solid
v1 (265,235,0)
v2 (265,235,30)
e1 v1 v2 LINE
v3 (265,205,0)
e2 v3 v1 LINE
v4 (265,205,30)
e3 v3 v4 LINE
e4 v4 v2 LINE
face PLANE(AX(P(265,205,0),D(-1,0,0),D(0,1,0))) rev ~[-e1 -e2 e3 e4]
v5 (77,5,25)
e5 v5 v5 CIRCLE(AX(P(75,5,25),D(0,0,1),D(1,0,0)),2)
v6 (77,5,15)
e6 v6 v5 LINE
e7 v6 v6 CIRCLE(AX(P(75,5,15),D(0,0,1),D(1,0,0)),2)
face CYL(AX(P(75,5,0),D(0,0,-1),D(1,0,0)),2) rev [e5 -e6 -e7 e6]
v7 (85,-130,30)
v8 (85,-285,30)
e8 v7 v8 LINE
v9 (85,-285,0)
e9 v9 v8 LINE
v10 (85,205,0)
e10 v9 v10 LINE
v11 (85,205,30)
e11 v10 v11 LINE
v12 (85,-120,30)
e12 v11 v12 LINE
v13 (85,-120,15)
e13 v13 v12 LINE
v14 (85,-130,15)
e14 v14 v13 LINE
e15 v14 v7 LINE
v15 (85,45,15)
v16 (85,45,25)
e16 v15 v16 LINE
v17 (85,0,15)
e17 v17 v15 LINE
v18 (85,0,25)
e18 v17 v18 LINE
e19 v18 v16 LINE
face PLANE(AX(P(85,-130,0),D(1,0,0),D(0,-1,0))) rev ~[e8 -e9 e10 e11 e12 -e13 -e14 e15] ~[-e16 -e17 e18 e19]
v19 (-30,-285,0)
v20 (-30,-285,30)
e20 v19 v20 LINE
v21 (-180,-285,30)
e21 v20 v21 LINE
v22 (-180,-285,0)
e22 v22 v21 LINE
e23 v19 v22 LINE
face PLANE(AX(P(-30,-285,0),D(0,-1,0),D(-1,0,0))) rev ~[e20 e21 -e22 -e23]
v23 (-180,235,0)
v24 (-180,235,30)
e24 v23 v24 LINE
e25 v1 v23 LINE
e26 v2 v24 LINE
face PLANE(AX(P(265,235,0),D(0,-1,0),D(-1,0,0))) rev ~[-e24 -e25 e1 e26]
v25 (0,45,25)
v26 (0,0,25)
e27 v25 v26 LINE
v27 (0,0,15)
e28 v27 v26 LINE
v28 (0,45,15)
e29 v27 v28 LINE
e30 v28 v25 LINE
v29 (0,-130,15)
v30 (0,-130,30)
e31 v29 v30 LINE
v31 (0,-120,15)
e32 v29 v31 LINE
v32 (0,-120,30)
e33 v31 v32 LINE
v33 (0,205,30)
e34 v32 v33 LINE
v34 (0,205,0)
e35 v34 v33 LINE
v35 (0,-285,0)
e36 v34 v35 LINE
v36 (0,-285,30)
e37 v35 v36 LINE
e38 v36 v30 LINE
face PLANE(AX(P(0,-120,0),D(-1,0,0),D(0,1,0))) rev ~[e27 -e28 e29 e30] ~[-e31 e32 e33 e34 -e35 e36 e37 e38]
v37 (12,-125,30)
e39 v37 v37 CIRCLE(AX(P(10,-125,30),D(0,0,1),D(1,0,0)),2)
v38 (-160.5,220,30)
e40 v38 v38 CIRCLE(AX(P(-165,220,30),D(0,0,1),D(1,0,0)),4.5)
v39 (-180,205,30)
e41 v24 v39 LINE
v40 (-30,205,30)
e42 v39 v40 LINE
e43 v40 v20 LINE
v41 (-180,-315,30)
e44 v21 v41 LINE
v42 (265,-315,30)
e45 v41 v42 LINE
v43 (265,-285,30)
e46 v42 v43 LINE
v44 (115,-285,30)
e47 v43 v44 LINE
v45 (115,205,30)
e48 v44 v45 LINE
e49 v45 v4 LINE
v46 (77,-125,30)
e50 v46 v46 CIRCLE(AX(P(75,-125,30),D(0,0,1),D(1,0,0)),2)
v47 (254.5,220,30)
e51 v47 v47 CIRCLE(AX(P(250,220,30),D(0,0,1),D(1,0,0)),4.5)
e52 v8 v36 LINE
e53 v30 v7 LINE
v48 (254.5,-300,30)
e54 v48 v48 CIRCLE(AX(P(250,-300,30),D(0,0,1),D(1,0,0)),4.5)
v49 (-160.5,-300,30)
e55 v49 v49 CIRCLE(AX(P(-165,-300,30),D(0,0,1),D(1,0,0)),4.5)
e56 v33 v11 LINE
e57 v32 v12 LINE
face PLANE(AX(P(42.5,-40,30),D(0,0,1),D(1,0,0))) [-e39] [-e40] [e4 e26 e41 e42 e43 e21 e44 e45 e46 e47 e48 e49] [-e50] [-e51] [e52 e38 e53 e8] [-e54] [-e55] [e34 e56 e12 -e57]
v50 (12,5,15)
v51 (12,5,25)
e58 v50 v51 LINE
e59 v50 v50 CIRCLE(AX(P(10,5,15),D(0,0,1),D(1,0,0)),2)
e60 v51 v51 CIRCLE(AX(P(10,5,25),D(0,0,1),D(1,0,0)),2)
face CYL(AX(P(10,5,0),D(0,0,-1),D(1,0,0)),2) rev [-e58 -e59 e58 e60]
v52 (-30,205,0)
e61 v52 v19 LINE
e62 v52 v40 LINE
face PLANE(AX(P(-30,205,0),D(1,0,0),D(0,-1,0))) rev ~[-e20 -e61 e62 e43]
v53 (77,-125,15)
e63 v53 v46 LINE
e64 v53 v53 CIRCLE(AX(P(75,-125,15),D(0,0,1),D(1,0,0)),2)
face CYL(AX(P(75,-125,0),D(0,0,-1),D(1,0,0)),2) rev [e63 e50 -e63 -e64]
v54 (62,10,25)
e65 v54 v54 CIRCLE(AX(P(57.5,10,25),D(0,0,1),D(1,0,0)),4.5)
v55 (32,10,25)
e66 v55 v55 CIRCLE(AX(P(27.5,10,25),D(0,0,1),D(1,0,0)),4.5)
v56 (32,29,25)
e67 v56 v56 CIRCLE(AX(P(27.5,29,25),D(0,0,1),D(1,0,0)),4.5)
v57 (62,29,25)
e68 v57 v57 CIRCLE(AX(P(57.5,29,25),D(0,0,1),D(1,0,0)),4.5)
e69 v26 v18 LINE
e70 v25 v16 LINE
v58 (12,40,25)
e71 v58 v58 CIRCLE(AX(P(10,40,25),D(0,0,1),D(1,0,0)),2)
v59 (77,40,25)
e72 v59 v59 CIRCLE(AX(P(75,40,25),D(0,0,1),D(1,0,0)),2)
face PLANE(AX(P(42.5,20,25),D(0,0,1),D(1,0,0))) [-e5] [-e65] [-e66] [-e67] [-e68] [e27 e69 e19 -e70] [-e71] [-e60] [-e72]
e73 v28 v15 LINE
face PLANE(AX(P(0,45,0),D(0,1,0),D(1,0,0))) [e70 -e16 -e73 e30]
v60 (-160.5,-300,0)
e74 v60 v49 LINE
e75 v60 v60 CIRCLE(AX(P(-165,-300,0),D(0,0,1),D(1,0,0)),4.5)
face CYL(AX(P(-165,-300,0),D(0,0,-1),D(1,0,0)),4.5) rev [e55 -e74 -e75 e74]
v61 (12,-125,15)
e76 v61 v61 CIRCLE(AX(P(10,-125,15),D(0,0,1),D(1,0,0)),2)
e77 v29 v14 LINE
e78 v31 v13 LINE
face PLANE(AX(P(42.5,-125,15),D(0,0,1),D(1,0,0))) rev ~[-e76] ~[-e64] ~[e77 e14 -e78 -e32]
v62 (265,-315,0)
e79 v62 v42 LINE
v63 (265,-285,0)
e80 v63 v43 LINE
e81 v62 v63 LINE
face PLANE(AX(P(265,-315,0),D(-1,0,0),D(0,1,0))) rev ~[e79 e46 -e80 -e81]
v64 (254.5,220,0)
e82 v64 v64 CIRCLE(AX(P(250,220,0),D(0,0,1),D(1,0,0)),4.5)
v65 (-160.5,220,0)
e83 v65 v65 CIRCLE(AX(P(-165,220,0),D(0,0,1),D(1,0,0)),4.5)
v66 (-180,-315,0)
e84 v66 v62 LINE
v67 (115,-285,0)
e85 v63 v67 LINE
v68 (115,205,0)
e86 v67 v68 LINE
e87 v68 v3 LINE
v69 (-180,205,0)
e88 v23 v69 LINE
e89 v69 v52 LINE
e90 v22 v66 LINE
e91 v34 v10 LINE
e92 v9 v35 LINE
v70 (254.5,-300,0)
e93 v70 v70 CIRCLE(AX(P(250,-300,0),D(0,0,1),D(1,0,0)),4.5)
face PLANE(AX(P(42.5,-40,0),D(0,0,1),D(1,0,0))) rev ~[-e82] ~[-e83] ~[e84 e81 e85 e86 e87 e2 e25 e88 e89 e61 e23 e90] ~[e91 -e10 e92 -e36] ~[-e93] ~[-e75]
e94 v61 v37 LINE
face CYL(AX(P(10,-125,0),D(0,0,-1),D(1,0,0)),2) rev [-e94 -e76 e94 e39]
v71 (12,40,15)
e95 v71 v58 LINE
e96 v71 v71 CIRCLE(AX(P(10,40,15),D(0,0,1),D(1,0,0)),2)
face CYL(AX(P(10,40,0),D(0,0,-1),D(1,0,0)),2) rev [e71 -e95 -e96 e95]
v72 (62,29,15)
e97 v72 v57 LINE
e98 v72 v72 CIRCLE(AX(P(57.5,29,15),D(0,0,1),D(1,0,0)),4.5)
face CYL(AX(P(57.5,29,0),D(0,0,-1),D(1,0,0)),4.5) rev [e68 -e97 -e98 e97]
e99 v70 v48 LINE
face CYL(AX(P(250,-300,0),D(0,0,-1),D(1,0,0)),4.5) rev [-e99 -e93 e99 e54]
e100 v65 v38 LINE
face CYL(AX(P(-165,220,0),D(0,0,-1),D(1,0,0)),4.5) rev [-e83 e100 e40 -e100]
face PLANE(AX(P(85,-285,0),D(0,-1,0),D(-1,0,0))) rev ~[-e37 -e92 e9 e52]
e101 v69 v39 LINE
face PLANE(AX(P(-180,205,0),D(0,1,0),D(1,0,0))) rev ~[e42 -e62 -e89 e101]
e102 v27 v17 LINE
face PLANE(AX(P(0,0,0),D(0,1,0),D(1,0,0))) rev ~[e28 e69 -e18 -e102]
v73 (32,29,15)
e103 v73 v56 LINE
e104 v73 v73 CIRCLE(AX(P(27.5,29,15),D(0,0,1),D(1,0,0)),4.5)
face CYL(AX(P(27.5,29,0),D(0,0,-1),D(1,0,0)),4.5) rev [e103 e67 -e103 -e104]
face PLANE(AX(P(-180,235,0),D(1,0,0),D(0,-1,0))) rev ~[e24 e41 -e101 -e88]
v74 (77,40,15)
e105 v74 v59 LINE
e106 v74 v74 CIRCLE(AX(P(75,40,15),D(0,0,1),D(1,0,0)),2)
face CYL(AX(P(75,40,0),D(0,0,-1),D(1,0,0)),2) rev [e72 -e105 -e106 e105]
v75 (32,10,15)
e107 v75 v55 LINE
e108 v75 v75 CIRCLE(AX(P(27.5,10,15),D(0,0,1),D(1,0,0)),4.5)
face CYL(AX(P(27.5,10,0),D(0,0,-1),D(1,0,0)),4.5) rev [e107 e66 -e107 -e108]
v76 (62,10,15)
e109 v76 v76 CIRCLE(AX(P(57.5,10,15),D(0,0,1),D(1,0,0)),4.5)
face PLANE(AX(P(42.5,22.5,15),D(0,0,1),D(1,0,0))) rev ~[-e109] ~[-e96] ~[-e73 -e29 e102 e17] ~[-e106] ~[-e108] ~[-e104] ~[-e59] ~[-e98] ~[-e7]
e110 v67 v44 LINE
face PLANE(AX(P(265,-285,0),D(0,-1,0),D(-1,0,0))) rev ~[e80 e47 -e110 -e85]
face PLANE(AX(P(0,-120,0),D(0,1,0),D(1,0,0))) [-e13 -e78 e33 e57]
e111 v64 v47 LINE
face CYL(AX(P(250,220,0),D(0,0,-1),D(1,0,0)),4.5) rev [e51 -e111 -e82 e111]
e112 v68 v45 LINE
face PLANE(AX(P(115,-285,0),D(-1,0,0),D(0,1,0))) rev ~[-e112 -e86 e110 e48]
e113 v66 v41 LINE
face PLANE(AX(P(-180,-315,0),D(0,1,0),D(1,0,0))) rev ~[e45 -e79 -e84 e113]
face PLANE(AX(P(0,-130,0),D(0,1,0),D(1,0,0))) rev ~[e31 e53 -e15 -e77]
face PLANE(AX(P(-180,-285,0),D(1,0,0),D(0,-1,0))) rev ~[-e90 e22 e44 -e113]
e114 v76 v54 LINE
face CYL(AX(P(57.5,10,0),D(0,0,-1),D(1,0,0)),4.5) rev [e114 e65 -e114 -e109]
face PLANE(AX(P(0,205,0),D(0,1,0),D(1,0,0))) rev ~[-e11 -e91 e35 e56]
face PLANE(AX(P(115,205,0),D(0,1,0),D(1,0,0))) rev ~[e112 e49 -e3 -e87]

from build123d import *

# Parameters (mm, degrees)
F0_R     = 4.5
F0_W     = 85
F0_H     = 160
F0_H_2   = 10
F0_R_2   = 2
F1_DEPTH = 30
F2_W     = 85
F2_H     = 40
F2_R     = 4.5
F2_H_2   = 5
F3_DEPTH = 5
F4_W     = 85
F4_H     = 45
F4_R     = 2
F4_R_2   = 6
F5_DEPTH = 15
F4_R_3   = 4.5
F6_DEPTH = 15
F7_DEPTH = 25


with BuildPart() as f1:
    # F0 (on Top) → F1 (new body)
    with BuildSketch(Plane.XY):
        Polygon((115, -285), (115, 205), (265, 205), (265, 235), (-180, 235), (-180, 205), (-30, 205), (-30, -285), (-180, -285), (-180, -315), (265, -315), (265, -285), align=None)
        with Locations((-165, -300)):
            Circle(F0_R, mode=Mode.SUBTRACT)
        with Locations((250, -300)):
            Circle(F0_R, mode=Mode.SUBTRACT)
        Polygon((0, -120), (0, 0), (85, 0), (85, -120), (85, -130), (85, -285), (0, -285), (0, -130), align=None, mode=Mode.SUBTRACT)
        with Locations((27.5, 10)):
            Circle(F0_R, mode=Mode.SUBTRACT)
        with Locations((27.5, 29)):
            Circle(F0_R, mode=Mode.SUBTRACT)
        with Locations((-165, 220)):
            Circle(F0_R, mode=Mode.SUBTRACT)
        with Locations((57.5, 10)):
            Circle(F0_R, mode=Mode.SUBTRACT)
        with Locations((57.5, 29)):
            Circle(F0_R, mode=Mode.SUBTRACT)
        with Locations((42.5, 125)):
            Rectangle(F0_W, F0_H, mode=Mode.SUBTRACT)
        with Locations((250, 220)):
            Circle(F0_R, mode=Mode.SUBTRACT)
        with Locations((42.5, -125)):
            Rectangle(F0_W, F0_H_2)
        with Locations((10, -125)):
            Circle(F0_R_2, mode=Mode.SUBTRACT)
        with Locations((75, -125)):
            Circle(F0_R_2, mode=Mode.SUBTRACT)
    extrude(amount=F1_DEPTH)

    # F2 (on face) → F3 (cut)
    with BuildSketch(Plane.XY.offset(30)):
        with Locations((42.5, 20)):
            Rectangle(F2_W, F2_H)
        with Locations((27.5, 10)):
            Circle(F2_R, mode=Mode.SUBTRACT)
        with Locations((27.5, 29)):
            Circle(F2_R, mode=Mode.SUBTRACT)
        with Locations((57.5, 10)):
            Circle(F2_R, mode=Mode.SUBTRACT)
        with Locations((57.5, 29)):
            Circle(F2_R, mode=Mode.SUBTRACT)
        with Locations((42.5, 42.5)):
            Rectangle(F2_W, F2_H_2)
    extrude(amount=-F3_DEPTH, mode=Mode.SUBTRACT)

    # F4 (on face) + F0 (on Top) → F5 (cut)
    with BuildSketch(Plane.XY):
        with Locations((42.5, 22.5)):
            Rectangle(F4_W, F4_H)
        with Locations((10, 5)):
            Circle(F4_R, mode=Mode.SUBTRACT)
        with Locations((27.5, 10)):
            Circle(F4_R_2, mode=Mode.SUBTRACT)
        with Locations((10, 40)):
            Circle(F4_R, mode=Mode.SUBTRACT)
        with Locations((27.5, 29)):
            Circle(F4_R_2, mode=Mode.SUBTRACT)
        with Locations((57.5, 10)):
            Circle(F4_R_2, mode=Mode.SUBTRACT)
        with Locations((75, 5)):
            Circle(F4_R, mode=Mode.SUBTRACT)
        with Locations((57.5, 29)):
            Circle(F4_R_2, mode=Mode.SUBTRACT)
        with Locations((75, 40)):
            Circle(F4_R, mode=Mode.SUBTRACT)
    with BuildSketch(Plane.XY):
        with Locations((42.5, -125)):
            Rectangle(F0_W, F0_H_2)
        with Locations((10, -125)):
            Circle(F0_R_2, mode=Mode.SUBTRACT)
        with Locations((75, -125)):
            Circle(F0_R_2, mode=Mode.SUBTRACT)
    extrude(amount=F5_DEPTH, mode=Mode.SUBTRACT)

    # F4 (on face) → F6 (cut)
    with BuildSketch(Plane.XY):
        with Locations((27.5, 10)):
            Circle(F4_R_2)
        with Locations((27.5, 10)):
            Circle(F4_R_3, mode=Mode.SUBTRACT)
        with Locations((57.5, 10)):
            Circle(F4_R_2)
        with Locations((57.5, 10)):
            Circle(F4_R_3, mode=Mode.SUBTRACT)
        with Locations((57.5, 29)):
            Circle(F4_R_2)
        with Locations((57.5, 29)):
            Circle(F4_R_3, mode=Mode.SUBTRACT)
        with Locations((27.5, 29)):
            Circle(F4_R_2)
        with Locations((27.5, 29)):
            Circle(F4_R_3, mode=Mode.SUBTRACT)
    extrude(amount=F6_DEPTH, mode=Mode.SUBTRACT)

    # F4 (on face) → F7 (cut)
    with BuildSketch(Plane.XY):
        with Locations((10, 5)):
            Circle(F4_R)
        with Locations((10, 40)):
            Circle(F4_R)
        with Locations((75, 40)):
            Circle(F4_R)
        with Locations((75, 5)):
            Circle(F4_R)
    extrude(amount=F7_DEPTH, mode=Mode.SUBTRACT)


solid = f1.part
